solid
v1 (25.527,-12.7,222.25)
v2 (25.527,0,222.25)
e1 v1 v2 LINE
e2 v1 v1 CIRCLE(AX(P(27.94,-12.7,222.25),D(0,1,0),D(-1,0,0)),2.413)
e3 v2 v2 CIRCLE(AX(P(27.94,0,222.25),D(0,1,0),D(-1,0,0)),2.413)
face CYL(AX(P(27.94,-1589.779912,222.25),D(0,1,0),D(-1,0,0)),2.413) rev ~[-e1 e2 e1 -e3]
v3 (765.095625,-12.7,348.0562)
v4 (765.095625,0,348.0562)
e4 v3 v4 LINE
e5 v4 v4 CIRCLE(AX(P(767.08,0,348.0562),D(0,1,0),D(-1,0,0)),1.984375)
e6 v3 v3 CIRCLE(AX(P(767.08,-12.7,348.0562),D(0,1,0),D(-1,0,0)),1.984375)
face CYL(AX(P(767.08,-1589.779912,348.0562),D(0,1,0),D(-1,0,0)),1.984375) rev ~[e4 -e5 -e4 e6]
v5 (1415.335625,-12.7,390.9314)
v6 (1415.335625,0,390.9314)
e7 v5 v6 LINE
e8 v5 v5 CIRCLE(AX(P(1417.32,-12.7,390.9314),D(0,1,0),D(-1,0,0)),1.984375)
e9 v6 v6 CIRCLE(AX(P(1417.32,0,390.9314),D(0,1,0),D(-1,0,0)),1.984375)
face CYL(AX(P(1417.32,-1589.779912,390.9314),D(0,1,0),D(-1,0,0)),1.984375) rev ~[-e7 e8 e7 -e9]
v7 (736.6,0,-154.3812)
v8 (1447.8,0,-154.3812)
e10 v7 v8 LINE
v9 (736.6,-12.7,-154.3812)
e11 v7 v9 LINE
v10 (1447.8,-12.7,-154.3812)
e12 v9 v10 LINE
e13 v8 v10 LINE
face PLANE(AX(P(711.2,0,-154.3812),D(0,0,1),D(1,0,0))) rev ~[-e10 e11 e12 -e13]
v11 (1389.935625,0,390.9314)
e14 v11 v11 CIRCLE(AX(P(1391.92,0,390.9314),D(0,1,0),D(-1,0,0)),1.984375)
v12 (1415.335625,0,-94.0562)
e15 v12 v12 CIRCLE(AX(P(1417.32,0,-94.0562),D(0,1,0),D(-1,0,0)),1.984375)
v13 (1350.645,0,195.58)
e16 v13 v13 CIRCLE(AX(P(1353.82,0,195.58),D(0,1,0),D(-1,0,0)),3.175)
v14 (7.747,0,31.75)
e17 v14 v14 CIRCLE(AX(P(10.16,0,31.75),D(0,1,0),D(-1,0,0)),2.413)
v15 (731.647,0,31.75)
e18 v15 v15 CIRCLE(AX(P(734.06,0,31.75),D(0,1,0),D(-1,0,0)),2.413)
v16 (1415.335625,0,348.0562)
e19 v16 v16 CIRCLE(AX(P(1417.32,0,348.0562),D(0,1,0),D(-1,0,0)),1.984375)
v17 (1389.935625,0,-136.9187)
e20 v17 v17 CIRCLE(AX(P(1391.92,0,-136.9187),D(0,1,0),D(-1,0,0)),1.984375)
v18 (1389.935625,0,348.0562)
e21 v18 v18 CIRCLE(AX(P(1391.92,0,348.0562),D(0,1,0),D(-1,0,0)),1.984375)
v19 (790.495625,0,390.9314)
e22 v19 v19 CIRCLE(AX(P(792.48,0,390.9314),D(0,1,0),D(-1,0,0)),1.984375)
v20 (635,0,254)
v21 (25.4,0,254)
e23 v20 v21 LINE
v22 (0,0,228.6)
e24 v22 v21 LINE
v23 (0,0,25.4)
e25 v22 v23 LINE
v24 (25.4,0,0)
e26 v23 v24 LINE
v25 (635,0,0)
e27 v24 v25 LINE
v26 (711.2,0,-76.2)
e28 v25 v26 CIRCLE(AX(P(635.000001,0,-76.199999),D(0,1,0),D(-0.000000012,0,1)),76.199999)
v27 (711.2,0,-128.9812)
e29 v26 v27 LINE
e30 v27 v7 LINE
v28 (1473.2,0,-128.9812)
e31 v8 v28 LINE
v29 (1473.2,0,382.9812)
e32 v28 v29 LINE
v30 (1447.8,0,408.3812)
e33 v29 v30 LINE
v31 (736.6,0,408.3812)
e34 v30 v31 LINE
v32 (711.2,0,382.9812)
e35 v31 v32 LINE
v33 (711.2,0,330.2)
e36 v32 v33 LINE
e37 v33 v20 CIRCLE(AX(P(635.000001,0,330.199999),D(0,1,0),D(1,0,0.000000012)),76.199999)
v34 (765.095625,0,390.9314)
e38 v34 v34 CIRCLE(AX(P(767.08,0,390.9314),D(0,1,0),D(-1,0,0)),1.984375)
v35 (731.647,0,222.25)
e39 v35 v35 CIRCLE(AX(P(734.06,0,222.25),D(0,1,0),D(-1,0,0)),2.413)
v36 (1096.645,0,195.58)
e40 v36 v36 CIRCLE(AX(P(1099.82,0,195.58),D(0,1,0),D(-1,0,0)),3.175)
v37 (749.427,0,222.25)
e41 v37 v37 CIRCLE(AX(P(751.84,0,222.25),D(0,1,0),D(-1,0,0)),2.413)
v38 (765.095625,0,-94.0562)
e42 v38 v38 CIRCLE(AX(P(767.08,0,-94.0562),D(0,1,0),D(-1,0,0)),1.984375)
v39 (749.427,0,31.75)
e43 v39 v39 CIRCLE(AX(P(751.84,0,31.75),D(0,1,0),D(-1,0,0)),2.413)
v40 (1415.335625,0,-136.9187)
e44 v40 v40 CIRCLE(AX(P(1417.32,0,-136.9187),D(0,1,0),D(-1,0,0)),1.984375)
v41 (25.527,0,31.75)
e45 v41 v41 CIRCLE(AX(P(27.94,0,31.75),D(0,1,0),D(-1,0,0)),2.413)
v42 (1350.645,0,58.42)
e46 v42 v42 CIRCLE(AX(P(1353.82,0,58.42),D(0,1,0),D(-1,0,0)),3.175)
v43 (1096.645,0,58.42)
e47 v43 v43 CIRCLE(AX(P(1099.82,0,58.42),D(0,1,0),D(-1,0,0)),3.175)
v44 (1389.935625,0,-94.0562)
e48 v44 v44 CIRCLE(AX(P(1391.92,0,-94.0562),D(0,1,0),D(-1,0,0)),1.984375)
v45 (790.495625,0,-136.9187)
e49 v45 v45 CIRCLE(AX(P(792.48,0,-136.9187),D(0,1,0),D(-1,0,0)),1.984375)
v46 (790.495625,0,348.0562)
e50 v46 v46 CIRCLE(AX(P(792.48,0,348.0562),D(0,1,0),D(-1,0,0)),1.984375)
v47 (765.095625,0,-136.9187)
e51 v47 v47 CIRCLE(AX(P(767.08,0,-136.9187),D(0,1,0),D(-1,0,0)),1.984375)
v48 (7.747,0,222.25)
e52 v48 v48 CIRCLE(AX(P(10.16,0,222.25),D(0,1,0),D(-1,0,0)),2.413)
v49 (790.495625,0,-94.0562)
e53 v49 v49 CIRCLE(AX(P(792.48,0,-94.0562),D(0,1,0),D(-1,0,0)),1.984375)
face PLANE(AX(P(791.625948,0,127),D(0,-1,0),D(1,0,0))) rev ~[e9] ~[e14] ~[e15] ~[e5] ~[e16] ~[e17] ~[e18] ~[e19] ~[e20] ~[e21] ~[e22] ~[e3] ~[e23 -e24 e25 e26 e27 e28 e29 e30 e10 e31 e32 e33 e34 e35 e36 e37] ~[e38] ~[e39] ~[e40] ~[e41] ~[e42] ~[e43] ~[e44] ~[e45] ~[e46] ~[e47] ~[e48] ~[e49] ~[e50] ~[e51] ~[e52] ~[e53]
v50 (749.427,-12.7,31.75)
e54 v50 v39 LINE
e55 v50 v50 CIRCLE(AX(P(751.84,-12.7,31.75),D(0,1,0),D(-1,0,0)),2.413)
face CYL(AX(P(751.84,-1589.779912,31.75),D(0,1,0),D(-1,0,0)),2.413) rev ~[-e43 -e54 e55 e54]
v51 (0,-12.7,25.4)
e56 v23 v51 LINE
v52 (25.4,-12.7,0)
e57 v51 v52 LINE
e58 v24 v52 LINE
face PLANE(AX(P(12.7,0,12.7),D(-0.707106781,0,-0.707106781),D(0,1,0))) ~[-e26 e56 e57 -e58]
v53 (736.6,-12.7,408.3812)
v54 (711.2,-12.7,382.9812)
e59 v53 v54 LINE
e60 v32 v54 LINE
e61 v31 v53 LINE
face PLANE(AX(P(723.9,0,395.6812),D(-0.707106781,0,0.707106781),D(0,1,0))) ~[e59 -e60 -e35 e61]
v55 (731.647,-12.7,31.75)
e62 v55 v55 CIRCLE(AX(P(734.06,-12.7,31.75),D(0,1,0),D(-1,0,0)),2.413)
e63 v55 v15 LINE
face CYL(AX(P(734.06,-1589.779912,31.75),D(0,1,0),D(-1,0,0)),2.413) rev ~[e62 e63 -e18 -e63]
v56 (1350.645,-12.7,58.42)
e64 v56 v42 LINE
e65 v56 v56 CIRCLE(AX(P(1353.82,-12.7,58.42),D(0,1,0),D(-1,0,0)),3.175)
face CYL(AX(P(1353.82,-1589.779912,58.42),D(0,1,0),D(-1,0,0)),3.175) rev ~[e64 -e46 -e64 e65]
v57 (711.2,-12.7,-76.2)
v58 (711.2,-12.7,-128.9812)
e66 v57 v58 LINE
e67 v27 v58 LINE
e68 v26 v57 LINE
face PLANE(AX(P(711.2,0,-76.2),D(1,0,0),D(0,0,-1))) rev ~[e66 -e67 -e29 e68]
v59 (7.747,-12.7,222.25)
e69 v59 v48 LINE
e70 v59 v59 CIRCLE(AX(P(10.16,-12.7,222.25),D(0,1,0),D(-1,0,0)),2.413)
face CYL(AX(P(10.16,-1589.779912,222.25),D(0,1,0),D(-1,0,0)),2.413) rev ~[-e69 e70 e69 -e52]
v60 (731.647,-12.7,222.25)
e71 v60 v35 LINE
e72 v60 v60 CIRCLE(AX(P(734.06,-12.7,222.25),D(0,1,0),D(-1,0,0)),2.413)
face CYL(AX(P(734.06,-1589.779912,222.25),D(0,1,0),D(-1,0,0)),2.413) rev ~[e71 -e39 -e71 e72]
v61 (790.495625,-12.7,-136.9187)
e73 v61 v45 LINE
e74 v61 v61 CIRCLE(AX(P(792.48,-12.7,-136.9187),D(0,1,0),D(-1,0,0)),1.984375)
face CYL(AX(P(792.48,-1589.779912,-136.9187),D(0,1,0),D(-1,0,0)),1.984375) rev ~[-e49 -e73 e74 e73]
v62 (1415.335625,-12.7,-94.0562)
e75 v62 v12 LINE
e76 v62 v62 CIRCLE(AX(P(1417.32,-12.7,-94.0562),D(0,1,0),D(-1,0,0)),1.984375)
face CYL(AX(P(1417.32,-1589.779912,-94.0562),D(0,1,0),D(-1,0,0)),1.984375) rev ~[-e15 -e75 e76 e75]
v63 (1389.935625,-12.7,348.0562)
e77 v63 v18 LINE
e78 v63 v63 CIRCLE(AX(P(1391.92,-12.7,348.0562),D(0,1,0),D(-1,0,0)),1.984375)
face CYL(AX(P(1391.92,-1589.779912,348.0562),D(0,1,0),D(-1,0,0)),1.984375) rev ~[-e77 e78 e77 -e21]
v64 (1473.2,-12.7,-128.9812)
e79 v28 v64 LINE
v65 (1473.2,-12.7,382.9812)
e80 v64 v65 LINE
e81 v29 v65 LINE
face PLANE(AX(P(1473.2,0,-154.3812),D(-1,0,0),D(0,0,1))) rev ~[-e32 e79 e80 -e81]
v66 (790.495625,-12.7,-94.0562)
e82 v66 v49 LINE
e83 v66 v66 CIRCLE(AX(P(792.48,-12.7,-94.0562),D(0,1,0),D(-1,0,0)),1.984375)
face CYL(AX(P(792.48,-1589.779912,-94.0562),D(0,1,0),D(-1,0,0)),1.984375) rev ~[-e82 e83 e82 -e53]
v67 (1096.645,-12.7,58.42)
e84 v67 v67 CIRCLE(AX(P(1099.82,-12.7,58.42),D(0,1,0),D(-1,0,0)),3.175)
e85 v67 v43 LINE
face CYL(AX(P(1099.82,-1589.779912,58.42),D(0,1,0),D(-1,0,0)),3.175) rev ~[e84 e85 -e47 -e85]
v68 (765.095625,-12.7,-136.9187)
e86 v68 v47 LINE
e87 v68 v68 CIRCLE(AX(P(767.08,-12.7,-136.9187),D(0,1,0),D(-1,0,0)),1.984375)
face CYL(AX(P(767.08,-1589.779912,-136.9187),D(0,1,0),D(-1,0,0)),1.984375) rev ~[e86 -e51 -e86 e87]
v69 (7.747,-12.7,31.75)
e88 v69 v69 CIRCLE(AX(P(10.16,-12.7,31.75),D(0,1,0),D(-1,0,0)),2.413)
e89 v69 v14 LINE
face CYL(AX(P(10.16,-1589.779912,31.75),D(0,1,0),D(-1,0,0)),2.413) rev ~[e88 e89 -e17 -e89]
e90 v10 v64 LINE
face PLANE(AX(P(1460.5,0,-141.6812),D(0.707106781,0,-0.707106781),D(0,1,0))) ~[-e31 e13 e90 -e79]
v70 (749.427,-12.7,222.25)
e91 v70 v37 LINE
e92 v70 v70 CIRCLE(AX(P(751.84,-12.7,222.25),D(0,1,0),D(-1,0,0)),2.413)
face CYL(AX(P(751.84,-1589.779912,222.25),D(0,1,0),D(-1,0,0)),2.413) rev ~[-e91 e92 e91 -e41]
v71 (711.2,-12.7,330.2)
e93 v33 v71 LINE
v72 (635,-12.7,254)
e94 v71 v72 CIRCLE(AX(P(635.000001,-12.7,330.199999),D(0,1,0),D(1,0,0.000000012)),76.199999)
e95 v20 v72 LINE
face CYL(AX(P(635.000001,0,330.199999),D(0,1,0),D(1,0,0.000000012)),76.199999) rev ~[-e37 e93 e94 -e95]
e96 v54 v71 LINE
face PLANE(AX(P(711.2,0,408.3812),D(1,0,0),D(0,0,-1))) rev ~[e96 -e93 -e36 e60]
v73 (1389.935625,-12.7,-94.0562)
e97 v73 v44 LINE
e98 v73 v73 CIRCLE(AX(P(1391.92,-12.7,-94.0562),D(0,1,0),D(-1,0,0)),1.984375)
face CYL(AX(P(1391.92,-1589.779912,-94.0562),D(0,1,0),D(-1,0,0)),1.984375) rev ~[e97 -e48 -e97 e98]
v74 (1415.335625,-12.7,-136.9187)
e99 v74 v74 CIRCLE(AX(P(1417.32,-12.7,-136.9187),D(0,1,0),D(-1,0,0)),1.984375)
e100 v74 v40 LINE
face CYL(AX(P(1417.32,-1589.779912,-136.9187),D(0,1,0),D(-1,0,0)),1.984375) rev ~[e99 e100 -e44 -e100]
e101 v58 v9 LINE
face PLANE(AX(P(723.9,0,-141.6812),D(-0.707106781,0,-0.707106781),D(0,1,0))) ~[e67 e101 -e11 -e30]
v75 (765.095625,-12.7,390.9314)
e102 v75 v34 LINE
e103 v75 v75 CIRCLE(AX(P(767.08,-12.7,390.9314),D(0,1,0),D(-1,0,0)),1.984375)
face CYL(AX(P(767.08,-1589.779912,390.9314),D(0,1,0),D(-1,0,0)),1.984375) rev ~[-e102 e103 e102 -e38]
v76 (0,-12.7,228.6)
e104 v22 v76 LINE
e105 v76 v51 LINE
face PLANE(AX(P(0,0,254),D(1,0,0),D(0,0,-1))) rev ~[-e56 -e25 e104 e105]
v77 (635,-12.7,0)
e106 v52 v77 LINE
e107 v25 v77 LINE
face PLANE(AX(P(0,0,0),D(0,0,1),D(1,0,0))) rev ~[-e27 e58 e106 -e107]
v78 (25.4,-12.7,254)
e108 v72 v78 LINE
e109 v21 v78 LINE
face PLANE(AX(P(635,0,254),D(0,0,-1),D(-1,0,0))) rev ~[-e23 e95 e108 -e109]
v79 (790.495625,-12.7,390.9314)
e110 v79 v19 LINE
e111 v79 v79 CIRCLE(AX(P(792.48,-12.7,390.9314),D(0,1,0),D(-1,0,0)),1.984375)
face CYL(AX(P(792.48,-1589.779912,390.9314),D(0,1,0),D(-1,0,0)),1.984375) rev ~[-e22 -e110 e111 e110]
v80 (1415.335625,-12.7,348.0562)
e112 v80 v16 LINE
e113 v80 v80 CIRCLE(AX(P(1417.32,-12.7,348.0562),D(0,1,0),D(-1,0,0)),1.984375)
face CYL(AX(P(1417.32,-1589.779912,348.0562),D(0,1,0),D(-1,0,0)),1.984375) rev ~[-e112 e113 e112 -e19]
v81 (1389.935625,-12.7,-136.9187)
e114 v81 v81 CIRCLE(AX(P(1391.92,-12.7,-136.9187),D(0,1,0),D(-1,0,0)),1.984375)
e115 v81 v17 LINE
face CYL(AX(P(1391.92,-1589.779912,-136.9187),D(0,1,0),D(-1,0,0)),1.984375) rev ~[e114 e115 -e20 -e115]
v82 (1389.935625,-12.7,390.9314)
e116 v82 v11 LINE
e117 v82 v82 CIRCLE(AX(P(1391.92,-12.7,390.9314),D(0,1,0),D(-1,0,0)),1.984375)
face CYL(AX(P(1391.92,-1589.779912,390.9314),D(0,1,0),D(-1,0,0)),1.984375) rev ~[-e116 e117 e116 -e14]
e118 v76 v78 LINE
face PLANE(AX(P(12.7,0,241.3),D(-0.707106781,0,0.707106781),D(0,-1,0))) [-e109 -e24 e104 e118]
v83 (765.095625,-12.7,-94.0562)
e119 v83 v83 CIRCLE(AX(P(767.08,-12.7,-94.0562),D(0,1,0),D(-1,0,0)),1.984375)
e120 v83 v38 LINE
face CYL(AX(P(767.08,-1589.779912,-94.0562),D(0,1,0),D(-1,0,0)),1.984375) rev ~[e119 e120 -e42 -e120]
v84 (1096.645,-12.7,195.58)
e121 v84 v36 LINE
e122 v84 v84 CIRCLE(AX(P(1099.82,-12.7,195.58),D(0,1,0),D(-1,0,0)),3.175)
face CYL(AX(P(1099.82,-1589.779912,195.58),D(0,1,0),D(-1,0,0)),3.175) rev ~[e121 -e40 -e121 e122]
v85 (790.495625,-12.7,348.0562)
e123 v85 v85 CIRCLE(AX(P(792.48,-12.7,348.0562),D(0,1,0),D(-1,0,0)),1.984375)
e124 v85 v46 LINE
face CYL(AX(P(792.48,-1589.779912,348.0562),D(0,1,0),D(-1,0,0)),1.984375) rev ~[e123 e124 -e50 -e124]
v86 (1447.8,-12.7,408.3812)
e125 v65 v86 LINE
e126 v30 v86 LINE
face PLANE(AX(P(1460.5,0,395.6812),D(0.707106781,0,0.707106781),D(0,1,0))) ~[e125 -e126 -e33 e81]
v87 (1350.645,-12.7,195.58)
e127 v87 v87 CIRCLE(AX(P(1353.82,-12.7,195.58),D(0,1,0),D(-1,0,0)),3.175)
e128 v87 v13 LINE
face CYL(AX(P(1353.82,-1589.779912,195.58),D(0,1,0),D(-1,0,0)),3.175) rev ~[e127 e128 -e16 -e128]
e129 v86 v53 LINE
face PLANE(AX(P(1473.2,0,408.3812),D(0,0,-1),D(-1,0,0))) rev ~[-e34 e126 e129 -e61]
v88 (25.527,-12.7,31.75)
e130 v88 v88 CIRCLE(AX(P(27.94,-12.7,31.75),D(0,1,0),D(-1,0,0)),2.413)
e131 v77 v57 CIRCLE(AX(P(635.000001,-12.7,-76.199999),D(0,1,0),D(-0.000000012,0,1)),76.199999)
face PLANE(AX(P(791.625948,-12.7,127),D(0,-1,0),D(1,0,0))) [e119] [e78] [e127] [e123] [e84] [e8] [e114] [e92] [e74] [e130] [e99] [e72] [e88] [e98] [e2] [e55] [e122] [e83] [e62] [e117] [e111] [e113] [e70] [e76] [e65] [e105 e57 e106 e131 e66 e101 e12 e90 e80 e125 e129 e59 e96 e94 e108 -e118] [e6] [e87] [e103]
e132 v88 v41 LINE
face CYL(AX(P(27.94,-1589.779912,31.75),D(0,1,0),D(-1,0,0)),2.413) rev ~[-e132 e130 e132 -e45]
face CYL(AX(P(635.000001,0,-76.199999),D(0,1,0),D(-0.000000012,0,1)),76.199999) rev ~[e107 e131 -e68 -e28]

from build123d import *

# Parameters (mm, degrees)
F1_DEPTH = 12.7
F2_SIZE  = 25.4
F4_D     = 3.96875
F6_D     = 6.35
F8_D     = 4.826


with BuildPart() as f1:
    # F0 (on Front) → F1 (new body)
    with BuildSketch(Plane.XZ):
        with BuildLine():
            Line((0, 254), (0, 0))
            Line((0, 0), (635, 0))
            ThreePointArc((635, 0), (688.881537, -22.318463), (711.2, -76.2))
            Line((711.2, -76.2), (711.2, -154.3812))
            Line((711.2, -154.3812), (1473.2, -154.3812))
            Line((1473.2, -154.3812), (1473.2, 408.3812))
            Line((1473.2, 408.3812), (711.2, 408.3812))
            Line((711.2, 408.3812), (711.2, 330.2))
            ThreePointArc((711.2, 330.2), (688.881537, 276.318463), (635, 254))
            Line((635, 254), (0, 254))
        make_face()
    extrude(amount=F1_DEPTH)

    # F2
    f2_edges = [f1.edges().sort_by_distance(p)[0] for p in [
        (711.2, -6.35, 408.3812),
        (1473.2, -6.35, 408.3812),
        (1473.2, -6.35, -154.3812),
        (711.2, -6.35, -154.3812),
        (0, -6.35, 0),
        (0, -6.35, 254),
    ]]
    chamfer(f2_edges, length=F2_SIZE)

    # F4 (through all)
    with Locations(Plane.XZ.offset(12.7)):
        with Locations((767.08, 390.9314), (767.08, 348.0562), (792.48, 348.0562), (792.48, 390.9314), (767.08, -94.0562), (767.08, -136.9187), (792.48, -136.9187), (792.48, -94.0562), (1391.92, -94.0562), (1391.92, -136.9187), (1417.32, -136.9187), (1417.32, -94.0562), (1391.92, 348.0562), (1391.92, 390.9314), (1417.32, 390.9314), (1417.32, 348.0562)):
            Hole(F4_D / 2)

    # F6 (through all)
    with Locations(Plane.XZ.offset(12.7)):
        with Locations((1099.82, 195.58), (1099.82, 58.42), (1353.82, 58.42), (1353.82, 195.58)):
            Hole(F6_D / 2)

    # F8 (through all)
    with Locations(Plane.XZ.offset(12.7)):
        with Locations((10.16, 222.25), (27.94, 222.25), (10.16, 31.75), (27.94, 31.75), (734.06, 31.75), (751.84, 222.25), (734.06, 222.25), (751.84, 31.75)):
            Hole(F8_D / 2)


solid = f1.part
